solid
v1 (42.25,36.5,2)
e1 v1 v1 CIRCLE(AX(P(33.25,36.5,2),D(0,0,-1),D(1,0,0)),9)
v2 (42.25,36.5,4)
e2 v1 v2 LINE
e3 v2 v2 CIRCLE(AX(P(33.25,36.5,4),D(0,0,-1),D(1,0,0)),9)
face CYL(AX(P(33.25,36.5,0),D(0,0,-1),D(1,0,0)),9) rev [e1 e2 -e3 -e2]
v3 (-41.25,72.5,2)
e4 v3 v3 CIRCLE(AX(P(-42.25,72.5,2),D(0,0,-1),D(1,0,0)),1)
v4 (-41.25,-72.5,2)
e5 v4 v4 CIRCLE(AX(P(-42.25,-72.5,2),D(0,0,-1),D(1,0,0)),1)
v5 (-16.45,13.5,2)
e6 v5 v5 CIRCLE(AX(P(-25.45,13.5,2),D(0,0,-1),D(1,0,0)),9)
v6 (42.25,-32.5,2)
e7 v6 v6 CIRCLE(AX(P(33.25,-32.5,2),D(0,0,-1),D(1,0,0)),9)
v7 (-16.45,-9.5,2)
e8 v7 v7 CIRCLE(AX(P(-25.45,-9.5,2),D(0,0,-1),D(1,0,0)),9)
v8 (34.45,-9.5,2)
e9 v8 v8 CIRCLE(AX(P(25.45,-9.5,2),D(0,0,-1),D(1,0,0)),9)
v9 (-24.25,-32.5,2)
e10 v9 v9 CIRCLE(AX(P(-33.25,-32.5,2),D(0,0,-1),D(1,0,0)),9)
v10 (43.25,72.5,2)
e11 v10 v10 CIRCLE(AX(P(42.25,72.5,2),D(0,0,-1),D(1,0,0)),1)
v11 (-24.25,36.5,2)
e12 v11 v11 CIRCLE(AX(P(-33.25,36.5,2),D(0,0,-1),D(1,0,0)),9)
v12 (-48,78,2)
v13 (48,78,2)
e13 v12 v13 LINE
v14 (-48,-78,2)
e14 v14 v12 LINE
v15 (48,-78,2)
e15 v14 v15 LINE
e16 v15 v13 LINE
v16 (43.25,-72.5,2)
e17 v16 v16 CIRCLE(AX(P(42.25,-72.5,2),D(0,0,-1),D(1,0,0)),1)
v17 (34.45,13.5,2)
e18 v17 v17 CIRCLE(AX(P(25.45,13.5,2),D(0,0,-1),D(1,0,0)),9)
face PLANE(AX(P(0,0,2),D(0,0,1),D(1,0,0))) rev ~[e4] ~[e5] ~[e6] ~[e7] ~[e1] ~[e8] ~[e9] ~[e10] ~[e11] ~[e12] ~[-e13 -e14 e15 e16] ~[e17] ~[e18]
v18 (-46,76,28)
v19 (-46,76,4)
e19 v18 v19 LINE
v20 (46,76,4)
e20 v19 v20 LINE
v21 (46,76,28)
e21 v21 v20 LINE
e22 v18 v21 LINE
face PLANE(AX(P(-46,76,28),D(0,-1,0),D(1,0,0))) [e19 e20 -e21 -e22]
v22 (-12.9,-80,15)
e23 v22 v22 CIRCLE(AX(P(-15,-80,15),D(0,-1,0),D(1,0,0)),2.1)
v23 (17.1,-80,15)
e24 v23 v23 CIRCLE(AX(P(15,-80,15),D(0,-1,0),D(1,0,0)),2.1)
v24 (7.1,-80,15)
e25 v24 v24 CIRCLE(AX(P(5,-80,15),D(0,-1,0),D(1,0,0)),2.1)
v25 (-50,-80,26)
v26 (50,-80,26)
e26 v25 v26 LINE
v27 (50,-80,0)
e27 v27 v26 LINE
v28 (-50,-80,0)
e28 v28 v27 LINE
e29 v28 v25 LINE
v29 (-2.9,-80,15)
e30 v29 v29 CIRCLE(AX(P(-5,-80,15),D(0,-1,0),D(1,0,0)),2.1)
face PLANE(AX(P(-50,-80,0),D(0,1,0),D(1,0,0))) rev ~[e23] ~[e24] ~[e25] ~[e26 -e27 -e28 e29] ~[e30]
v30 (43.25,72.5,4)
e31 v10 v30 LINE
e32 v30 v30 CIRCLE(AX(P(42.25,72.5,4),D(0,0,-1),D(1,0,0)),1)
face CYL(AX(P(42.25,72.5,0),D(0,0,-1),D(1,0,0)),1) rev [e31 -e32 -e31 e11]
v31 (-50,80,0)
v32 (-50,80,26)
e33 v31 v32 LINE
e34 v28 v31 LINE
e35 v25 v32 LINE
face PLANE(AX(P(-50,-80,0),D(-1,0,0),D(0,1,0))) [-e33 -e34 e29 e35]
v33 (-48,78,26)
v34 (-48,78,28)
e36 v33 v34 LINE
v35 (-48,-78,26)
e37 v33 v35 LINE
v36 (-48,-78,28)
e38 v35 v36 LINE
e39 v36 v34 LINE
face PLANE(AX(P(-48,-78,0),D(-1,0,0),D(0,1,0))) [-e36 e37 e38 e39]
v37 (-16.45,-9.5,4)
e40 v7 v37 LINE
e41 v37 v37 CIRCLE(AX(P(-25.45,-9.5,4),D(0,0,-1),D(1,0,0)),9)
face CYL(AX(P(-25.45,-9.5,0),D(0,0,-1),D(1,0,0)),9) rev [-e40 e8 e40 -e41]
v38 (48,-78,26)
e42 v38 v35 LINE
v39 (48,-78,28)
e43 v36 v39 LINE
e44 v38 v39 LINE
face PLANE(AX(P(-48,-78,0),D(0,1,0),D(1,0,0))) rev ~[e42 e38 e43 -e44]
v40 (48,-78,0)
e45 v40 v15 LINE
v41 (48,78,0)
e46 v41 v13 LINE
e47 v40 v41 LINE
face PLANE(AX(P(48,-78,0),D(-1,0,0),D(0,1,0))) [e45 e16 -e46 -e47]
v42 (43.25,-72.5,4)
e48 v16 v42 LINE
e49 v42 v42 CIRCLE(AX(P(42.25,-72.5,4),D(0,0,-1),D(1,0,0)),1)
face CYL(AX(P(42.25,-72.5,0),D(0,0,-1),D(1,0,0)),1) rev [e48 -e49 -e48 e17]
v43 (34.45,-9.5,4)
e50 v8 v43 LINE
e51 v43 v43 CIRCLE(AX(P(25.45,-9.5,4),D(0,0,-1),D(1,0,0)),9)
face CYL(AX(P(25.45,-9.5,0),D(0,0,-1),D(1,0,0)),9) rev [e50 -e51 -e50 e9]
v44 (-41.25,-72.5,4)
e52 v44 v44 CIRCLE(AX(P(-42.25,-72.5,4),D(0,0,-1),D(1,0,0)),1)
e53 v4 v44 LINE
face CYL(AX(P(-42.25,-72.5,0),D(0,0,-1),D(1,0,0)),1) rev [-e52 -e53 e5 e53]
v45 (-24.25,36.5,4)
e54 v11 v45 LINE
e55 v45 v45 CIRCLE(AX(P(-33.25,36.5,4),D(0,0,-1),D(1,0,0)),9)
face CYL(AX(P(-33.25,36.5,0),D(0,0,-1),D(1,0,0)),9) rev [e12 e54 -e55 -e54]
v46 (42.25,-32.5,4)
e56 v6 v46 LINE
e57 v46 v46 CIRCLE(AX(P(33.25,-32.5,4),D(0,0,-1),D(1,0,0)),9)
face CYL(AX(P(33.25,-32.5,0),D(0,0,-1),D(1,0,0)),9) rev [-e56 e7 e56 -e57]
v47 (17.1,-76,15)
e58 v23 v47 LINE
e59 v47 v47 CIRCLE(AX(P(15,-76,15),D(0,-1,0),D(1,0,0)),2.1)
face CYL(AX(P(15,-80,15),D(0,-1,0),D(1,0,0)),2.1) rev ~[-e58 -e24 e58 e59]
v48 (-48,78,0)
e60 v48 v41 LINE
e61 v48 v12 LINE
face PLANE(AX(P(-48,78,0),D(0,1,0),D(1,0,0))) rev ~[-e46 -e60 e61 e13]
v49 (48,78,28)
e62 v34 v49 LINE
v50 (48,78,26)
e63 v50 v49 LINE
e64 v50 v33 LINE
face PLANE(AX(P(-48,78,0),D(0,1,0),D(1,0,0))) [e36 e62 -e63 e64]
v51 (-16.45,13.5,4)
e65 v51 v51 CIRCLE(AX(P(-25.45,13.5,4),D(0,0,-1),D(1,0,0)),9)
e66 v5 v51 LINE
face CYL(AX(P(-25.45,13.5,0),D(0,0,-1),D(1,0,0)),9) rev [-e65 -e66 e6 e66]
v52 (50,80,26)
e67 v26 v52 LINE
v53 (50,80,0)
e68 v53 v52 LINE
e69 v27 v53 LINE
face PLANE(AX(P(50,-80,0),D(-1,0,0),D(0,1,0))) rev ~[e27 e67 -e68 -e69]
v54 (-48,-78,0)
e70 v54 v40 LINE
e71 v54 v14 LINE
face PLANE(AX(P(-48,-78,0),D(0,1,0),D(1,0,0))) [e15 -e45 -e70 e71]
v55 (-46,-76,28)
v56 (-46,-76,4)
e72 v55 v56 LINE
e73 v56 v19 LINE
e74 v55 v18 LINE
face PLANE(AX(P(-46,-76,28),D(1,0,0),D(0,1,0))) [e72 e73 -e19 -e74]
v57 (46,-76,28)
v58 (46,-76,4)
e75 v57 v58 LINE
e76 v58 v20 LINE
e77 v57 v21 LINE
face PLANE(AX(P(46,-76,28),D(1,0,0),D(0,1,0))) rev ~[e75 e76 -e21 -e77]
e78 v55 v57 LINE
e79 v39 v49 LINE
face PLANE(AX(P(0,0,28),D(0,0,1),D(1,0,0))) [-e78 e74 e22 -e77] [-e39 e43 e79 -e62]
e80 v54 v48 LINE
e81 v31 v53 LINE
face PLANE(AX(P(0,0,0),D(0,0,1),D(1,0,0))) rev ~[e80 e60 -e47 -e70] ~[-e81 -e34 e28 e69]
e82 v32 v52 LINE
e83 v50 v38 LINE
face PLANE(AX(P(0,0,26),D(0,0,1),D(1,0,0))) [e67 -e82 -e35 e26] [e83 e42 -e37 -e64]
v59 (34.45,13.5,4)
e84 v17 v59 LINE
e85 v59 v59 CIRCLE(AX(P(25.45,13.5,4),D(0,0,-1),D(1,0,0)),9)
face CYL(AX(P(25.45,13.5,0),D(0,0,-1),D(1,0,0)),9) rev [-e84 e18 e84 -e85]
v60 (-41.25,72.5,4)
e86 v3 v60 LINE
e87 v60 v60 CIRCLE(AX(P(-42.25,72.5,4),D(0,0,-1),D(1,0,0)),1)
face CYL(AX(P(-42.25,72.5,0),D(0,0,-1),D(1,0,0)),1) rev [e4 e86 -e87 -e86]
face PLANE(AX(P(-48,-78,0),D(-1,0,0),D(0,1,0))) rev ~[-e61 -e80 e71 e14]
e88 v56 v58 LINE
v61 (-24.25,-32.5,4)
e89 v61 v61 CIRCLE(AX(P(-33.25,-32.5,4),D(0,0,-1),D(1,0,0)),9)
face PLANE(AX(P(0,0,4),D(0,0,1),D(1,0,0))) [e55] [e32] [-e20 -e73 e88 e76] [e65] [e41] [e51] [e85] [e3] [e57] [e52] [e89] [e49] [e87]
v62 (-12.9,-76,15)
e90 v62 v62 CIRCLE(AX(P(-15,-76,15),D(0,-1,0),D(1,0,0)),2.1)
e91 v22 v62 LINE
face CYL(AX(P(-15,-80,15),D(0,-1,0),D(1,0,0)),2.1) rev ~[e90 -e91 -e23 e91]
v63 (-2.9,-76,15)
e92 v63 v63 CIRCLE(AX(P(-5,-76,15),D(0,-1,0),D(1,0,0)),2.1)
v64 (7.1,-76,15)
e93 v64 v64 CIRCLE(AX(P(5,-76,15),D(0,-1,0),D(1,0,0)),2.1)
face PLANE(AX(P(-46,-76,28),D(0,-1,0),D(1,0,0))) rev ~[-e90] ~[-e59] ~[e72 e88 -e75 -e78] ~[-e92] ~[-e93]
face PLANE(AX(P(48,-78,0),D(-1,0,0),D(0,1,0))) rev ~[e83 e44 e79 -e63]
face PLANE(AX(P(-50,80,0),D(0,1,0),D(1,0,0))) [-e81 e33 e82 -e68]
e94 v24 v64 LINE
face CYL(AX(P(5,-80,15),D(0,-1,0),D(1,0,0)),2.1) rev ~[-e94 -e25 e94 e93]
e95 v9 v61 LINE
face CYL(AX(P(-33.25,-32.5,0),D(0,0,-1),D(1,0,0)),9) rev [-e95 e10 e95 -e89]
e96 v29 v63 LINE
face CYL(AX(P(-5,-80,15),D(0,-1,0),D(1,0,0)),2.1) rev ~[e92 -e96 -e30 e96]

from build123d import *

# Parameters (mm, degrees)
SKETCH_W        = 100
SKETCH_H        = 160
PAD_DEPTH       = 26
SKETCH001_W     = 96
SKETCH001_H     = 156
PAD001_DEPTH    = 28
SKETCH005_W     = 92
SKETCH005_H     = 152
POCKET_DEPTH    = 24
SKETCH003_R     = 9
POCKET001_DEPTH = 28.001
SKETCH002_R     = 1
POCKET002_DEPTH = 28.001
SKETCH006_W     = 96
SKETCH006_H     = 156
POCKET003_DEPTH = 2
SKETCH007_R     = 2.1
POCKET004_DEPTH = 10


with BuildPart() as part:
    # Sketch → Pad (new body)
    with BuildSketch(Plane.XY):
        Rectangle(SKETCH_W, SKETCH_H)
    extrude(amount=PAD_DEPTH)

    # Sketch001 → Pad001 (join)
    with BuildSketch(Plane.XY):
        Rectangle(SKETCH001_W, SKETCH001_H)
    extrude(amount=PAD001_DEPTH)

    # Sketch005 → Pocket (cut)
    with BuildSketch(Plane.XY.offset(28)):
        Rectangle(SKETCH005_W, SKETCH005_H)
    extrude(amount=-POCKET_DEPTH, mode=Mode.SUBTRACT)

    # Sketch003 → Pocket001 (cut, through all)
    with BuildSketch(Plane.XY):
        with Locations((33.25, 36.5)):
            Circle(SKETCH003_R)
        with Locations((25.45, 13.5)):
            Circle(SKETCH003_R)
        with Locations((25.45, -9.5)):
            Circle(SKETCH003_R)
        with Locations((33.25, -32.5)):
            Circle(SKETCH003_R)
        with Locations((-33.25, 36.5)):
            Circle(SKETCH003_R)
        with Locations((-25.45, 13.5)):
            Circle(SKETCH003_R)
        with Locations((-25.45, -9.5)):
            Circle(SKETCH003_R)
        with Locations((-33.25, -32.5)):
            Circle(SKETCH003_R)
    extrude(amount=POCKET001_DEPTH, mode=Mode.SUBTRACT)

    # Sketch002 → Pocket002 (cut, through all)
    with BuildSketch(Plane.XY):
        with Locations((42.25, 72.5)):
            Circle(SKETCH002_R)
        with Locations((-42.25, 72.5)):
            Circle(SKETCH002_R)
        with Locations((42.25, -72.5)):
            Circle(SKETCH002_R)
        with Locations((-42.25, -72.5)):
            Circle(SKETCH002_R)
    extrude(amount=POCKET002_DEPTH, mode=Mode.SUBTRACT)

    # Sketch006 → Pocket003 (cut)
    with BuildSketch(Plane.XY):
        Rectangle(SKETCH006_W, SKETCH006_H)
    extrude(amount=POCKET003_DEPTH, mode=Mode.SUBTRACT)

    # Sketch007 → Pocket004 (cut)
    with BuildSketch(Plane.XZ.offset(80)):
        with Locations((-15, 15)):
            Circle(SKETCH007_R)
        with Locations((-5, 15)):
            Circle(SKETCH007_R)
        with Locations((5, 15)):
            Circle(SKETCH007_R)
        with Locations((15, 15)):
            Circle(SKETCH007_R)
    extrude(amount=-POCKET004_DEPTH, mode=Mode.SUBTRACT)


solid = part.part
